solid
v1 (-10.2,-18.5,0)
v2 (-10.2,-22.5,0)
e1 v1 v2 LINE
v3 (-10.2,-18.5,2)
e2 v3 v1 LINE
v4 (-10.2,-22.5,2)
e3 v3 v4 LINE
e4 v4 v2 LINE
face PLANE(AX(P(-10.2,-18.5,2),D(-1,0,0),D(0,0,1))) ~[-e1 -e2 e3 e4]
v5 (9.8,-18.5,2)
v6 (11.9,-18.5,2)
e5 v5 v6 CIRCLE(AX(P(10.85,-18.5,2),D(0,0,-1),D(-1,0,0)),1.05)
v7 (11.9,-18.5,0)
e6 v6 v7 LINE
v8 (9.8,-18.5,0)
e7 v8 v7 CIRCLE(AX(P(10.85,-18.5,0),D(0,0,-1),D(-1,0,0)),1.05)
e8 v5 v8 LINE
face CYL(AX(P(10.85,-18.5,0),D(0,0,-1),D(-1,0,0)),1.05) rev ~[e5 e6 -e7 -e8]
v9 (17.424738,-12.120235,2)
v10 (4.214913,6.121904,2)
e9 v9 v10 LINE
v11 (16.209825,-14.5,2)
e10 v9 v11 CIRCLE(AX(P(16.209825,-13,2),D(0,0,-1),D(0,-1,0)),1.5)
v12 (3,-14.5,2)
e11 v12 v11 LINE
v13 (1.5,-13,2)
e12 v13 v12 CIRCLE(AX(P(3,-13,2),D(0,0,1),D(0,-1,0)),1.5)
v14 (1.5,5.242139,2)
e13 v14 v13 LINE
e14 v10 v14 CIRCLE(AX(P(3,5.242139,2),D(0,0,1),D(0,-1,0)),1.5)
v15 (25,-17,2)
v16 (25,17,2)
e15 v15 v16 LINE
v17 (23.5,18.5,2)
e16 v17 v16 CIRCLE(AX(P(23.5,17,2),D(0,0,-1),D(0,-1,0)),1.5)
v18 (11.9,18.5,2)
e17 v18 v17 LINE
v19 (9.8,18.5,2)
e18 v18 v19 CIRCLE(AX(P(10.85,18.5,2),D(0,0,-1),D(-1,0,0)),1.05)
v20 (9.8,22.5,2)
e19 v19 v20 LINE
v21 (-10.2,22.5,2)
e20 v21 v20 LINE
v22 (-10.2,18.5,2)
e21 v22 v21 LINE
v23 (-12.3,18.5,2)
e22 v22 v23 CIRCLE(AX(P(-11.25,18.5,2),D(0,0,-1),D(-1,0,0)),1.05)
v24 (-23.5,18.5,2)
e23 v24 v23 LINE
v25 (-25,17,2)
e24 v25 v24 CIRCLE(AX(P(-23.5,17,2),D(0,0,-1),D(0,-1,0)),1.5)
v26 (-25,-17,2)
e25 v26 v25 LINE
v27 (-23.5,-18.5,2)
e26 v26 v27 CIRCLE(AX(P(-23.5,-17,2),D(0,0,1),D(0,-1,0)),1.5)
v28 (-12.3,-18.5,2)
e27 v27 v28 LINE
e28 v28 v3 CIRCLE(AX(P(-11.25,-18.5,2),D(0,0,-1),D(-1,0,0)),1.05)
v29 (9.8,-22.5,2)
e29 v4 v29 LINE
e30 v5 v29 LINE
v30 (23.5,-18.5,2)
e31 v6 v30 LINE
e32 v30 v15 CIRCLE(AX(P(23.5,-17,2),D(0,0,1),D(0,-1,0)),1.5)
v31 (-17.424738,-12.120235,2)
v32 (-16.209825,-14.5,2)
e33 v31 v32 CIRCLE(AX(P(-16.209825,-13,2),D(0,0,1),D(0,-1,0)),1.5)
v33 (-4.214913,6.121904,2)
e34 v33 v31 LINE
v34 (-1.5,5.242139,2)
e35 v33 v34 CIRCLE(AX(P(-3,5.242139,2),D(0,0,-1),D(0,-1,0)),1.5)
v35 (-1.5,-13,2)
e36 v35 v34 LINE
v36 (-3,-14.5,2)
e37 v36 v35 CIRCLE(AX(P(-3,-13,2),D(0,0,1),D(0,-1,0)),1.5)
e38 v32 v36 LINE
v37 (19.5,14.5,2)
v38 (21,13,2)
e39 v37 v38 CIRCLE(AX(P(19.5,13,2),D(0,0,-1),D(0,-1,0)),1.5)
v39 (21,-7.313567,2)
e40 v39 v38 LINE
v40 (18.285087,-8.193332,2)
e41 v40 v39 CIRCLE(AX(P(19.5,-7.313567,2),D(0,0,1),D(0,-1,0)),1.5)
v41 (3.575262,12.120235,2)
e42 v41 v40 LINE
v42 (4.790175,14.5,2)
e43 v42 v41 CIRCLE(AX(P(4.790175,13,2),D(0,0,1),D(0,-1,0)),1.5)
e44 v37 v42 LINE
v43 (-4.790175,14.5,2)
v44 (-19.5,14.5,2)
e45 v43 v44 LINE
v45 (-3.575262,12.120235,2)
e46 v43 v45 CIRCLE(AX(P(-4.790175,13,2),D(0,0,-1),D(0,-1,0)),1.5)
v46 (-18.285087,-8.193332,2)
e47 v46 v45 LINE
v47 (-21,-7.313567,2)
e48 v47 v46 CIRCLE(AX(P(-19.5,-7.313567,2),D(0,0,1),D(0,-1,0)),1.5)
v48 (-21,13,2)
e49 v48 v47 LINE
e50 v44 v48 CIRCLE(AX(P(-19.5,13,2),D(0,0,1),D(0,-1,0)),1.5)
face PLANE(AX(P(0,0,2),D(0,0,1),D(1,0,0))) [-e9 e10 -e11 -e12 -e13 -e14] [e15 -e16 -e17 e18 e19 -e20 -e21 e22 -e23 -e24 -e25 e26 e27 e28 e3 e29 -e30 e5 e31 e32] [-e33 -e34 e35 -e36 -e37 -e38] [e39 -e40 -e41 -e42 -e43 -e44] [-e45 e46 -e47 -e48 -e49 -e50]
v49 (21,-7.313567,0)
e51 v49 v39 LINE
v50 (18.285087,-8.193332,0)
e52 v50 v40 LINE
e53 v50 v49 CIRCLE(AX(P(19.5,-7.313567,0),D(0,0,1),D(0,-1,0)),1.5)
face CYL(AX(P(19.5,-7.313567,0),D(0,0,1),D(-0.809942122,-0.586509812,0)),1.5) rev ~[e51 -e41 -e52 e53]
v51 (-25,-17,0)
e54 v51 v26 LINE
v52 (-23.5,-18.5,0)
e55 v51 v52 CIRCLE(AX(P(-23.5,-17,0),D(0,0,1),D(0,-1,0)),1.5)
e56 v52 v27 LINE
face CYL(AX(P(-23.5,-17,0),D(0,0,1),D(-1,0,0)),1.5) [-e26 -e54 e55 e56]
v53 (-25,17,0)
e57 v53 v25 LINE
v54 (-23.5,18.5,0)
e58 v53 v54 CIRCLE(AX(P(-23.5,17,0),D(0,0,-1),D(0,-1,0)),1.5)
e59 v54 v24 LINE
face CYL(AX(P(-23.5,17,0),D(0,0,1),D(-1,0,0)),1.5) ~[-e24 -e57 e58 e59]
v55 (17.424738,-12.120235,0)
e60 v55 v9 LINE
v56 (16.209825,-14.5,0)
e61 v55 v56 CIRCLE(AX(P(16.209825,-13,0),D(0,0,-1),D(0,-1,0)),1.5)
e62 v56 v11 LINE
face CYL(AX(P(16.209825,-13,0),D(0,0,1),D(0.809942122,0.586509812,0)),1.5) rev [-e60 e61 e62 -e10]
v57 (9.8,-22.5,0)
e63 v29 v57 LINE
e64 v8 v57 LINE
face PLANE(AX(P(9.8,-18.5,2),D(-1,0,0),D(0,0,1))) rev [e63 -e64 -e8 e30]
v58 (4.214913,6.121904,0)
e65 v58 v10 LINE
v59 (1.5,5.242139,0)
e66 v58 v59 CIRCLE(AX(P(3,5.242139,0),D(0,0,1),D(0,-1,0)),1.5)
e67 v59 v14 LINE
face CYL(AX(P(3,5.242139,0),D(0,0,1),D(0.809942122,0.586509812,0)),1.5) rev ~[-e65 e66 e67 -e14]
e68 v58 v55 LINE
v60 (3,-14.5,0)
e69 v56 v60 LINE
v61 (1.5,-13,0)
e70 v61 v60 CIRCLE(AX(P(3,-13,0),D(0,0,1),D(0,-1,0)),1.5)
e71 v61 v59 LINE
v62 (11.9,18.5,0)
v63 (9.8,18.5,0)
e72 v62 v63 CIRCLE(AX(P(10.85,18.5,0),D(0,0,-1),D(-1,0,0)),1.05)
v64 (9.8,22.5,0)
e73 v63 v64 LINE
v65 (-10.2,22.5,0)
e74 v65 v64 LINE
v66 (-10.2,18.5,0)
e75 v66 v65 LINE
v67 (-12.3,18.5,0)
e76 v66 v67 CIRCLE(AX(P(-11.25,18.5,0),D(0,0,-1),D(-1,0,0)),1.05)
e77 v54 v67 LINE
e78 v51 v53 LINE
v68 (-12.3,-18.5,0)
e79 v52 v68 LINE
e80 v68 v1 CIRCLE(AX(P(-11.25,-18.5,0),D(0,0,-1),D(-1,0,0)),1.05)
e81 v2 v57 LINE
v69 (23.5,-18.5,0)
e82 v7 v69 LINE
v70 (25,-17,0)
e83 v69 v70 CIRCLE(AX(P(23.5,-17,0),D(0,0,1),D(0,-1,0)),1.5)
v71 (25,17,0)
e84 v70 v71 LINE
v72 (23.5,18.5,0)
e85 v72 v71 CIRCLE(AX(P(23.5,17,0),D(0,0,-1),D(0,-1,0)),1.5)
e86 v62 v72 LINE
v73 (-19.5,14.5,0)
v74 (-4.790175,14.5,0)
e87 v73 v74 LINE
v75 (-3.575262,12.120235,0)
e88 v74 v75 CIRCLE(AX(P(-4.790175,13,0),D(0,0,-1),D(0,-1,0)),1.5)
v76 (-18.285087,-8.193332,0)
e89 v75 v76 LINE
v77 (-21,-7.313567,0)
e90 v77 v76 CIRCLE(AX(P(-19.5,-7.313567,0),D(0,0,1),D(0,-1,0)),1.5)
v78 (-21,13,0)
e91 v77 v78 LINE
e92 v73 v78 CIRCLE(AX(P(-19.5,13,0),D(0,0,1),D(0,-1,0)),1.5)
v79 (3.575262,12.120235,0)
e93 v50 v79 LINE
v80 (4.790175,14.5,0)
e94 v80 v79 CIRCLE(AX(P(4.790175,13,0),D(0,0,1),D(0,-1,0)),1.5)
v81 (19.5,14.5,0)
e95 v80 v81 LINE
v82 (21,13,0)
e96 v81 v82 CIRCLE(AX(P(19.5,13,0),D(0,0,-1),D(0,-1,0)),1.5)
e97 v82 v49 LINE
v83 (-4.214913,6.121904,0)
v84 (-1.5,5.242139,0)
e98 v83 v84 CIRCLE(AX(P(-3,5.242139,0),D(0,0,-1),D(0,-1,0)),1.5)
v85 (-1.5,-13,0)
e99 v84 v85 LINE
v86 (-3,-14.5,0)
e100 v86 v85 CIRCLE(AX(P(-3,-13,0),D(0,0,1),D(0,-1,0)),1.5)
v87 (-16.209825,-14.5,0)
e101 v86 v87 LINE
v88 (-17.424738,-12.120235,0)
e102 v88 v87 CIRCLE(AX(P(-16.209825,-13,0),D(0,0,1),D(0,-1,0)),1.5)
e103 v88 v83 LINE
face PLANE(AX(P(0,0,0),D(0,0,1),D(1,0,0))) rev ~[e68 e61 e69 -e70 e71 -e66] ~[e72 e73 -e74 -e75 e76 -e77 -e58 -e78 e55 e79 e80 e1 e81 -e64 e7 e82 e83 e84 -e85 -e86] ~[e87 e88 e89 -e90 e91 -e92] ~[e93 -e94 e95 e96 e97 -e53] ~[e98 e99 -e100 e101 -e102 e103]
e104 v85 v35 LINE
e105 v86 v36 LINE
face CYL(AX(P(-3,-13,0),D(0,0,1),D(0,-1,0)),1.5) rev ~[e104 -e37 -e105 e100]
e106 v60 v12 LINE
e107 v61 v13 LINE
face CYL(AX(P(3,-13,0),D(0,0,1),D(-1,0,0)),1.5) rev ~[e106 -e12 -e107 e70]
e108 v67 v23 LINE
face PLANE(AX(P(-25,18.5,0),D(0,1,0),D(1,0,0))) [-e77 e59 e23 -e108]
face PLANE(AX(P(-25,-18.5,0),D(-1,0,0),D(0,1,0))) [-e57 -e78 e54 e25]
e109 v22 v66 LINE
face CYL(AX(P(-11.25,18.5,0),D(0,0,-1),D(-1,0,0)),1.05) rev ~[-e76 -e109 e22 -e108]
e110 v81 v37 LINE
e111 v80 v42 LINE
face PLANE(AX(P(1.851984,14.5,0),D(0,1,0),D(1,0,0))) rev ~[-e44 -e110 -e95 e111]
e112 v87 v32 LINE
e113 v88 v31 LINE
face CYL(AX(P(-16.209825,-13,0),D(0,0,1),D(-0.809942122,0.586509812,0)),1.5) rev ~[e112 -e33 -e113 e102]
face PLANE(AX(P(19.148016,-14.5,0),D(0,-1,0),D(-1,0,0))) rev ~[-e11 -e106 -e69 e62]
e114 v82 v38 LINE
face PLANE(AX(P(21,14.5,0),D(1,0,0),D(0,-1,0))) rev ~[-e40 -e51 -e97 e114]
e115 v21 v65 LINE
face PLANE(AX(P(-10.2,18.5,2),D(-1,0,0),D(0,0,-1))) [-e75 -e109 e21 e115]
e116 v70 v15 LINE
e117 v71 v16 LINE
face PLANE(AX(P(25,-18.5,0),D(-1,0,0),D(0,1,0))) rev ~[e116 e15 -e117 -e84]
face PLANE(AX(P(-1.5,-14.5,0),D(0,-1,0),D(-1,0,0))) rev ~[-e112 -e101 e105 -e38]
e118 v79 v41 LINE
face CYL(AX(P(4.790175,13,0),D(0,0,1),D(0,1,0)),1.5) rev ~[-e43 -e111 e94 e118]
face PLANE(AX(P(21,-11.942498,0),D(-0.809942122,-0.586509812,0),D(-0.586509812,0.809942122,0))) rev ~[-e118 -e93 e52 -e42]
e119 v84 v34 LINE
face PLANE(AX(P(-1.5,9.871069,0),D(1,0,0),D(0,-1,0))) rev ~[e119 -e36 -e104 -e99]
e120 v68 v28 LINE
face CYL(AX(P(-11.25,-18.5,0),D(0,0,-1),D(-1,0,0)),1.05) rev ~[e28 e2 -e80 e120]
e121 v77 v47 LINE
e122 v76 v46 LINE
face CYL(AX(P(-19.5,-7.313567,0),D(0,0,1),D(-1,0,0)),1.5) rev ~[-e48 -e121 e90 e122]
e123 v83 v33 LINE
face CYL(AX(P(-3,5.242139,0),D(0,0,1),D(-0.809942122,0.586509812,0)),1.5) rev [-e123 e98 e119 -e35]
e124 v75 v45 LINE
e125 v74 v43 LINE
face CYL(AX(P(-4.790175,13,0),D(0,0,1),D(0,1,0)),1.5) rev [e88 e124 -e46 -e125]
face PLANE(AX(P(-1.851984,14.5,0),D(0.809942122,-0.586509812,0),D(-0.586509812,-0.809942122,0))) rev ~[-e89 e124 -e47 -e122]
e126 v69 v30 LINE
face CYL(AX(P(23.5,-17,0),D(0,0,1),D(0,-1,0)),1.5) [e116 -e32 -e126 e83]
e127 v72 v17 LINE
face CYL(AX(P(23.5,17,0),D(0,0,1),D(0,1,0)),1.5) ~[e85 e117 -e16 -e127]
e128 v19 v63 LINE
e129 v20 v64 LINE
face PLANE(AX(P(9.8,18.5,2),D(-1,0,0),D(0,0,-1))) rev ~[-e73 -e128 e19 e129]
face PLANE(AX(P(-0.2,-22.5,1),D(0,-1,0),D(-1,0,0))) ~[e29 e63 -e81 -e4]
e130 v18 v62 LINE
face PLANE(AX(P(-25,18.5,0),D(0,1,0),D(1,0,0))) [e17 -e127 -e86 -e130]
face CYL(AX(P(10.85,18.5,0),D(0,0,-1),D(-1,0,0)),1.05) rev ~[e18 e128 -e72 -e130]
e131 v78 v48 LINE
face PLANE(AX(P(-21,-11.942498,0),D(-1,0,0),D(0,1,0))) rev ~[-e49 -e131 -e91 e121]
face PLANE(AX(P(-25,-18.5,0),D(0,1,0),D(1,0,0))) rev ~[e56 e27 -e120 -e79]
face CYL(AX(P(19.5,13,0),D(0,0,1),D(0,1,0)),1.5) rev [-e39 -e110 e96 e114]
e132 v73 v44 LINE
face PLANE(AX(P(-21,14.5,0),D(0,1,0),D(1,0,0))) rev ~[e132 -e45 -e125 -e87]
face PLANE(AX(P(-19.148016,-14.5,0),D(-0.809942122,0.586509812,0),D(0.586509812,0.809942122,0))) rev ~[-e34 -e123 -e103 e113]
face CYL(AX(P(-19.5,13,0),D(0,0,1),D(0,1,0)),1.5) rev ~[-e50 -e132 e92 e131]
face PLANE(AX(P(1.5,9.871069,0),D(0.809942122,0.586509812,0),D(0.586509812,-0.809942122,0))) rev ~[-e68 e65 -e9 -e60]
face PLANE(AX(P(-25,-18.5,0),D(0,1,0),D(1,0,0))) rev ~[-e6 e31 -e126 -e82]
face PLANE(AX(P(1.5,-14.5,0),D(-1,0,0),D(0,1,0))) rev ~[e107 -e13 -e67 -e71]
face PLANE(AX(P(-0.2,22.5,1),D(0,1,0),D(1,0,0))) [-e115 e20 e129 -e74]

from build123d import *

# Parameters (mm, degrees)
SKETCH_1_W          = 50
SKETCH_1_H          = 37
EXTRUDE_1_DEPTH     = 2
SKETCH_2_W          = 20
SKETCH_2_H          = 2
EXTRUDE_2_DEPTH     = 4
SKETCH_3_R          = 1.05
CUT_EXTRUDE_1_DEPTH = 3
CUT_EXTRUDE_3_DEPTH = 10
FILLET_1_R          = 1.5


with BuildPart() as part:
    # 草图1 → 凸台-拉伸1 (new body)
    with BuildSketch(Plane.XY):
        Rectangle(SKETCH_1_W, SKETCH_1_H)
    extrude(amount=EXTRUDE_1_DEPTH)

    # 草图2 → 凸台-拉伸2 (add)
    with BuildSketch(Plane(origin=(0, 18.5, 0), x_dir=(1, 0, 0), z_dir=(0, 1, 0))):
        with Locations((-0.2, -1)):
            Rectangle(SKETCH_2_W, SKETCH_2_H)
    extrude_2 = extrude(amount=EXTRUDE_2_DEPTH)

    # 镜向1: 凸台-拉伸2 across plane
    add(extrude_2.mirror(Plane.ZX))

    # 草图3 → 切除-拉伸1 (cut)
    with BuildSketch(Plane(origin=(0, 0, 0), x_dir=(-1, 0, 0), z_dir=(0, 0, -1))):
        with Locations((11.25, 18.5)):
            Circle(SKETCH_3_R)
        with Locations((-10.85, 18.5)):
            Circle(SKETCH_3_R)
        with Locations((-10.85, -18.5)):
            Circle(SKETCH_3_R)
        with Locations((11.25, -18.5)):
            Circle(SKETCH_3_R)
    extrude(amount=-CUT_EXTRUDE_1_DEPTH, mode=Mode.SUBTRACT)

    # 草图4 → 切除-拉伸3 (cut)
    with BuildSketch(Plane(origin=(0, 0, 0), x_dir=(-1, 0, 0), z_dir=(0, 0, -1))):
        Polygon((-21, 14.5), (-21, -11.94249803), (-1.851984185, 14.5), align=None)
        Polygon((-19.148015815, -14.5), (-1.5, -14.5), (-1.5, 9.871069459), align=None)
        Polygon((1.5, 9.871069459), (1.5, -14.5), (19.148015815, -14.5), align=None)
        Polygon((1.851984185, 14.5), (21, -11.94249803), (21, 14.5), align=None)
    extrude(amount=-CUT_EXTRUDE_3_DEPTH, mode=Mode.SUBTRACT)

    # 圆角1
    fillet_1_edges = [part.edges().sort_by_distance(p)[0] for p in [
        (-1.851984185, 14.5, 1),
        (-21, 14.5, 1),
        (-21, -11.94249803, 1),
        (1.851984185, 14.5, 1),
        (21, -11.94249803, 1),
        (21, 14.5, 1),
        (25, -18.5, 1),
        (-25, -18.5, 1),
        (-25, 18.5, 1),
        (25, 18.5, 1),
        (1.5, 9.871069459, 1),
        (1.5, -14.5, 1),
        (19.148015815, -14.5, 1),
        (-1.5, 9.871069459, 1),
        (-19.148015815, -14.5, 1),
        (-1.5, -14.5, 1),
    ]]
    fillet(fillet_1_edges, radius=FILLET_1_R)


solid = part.part
